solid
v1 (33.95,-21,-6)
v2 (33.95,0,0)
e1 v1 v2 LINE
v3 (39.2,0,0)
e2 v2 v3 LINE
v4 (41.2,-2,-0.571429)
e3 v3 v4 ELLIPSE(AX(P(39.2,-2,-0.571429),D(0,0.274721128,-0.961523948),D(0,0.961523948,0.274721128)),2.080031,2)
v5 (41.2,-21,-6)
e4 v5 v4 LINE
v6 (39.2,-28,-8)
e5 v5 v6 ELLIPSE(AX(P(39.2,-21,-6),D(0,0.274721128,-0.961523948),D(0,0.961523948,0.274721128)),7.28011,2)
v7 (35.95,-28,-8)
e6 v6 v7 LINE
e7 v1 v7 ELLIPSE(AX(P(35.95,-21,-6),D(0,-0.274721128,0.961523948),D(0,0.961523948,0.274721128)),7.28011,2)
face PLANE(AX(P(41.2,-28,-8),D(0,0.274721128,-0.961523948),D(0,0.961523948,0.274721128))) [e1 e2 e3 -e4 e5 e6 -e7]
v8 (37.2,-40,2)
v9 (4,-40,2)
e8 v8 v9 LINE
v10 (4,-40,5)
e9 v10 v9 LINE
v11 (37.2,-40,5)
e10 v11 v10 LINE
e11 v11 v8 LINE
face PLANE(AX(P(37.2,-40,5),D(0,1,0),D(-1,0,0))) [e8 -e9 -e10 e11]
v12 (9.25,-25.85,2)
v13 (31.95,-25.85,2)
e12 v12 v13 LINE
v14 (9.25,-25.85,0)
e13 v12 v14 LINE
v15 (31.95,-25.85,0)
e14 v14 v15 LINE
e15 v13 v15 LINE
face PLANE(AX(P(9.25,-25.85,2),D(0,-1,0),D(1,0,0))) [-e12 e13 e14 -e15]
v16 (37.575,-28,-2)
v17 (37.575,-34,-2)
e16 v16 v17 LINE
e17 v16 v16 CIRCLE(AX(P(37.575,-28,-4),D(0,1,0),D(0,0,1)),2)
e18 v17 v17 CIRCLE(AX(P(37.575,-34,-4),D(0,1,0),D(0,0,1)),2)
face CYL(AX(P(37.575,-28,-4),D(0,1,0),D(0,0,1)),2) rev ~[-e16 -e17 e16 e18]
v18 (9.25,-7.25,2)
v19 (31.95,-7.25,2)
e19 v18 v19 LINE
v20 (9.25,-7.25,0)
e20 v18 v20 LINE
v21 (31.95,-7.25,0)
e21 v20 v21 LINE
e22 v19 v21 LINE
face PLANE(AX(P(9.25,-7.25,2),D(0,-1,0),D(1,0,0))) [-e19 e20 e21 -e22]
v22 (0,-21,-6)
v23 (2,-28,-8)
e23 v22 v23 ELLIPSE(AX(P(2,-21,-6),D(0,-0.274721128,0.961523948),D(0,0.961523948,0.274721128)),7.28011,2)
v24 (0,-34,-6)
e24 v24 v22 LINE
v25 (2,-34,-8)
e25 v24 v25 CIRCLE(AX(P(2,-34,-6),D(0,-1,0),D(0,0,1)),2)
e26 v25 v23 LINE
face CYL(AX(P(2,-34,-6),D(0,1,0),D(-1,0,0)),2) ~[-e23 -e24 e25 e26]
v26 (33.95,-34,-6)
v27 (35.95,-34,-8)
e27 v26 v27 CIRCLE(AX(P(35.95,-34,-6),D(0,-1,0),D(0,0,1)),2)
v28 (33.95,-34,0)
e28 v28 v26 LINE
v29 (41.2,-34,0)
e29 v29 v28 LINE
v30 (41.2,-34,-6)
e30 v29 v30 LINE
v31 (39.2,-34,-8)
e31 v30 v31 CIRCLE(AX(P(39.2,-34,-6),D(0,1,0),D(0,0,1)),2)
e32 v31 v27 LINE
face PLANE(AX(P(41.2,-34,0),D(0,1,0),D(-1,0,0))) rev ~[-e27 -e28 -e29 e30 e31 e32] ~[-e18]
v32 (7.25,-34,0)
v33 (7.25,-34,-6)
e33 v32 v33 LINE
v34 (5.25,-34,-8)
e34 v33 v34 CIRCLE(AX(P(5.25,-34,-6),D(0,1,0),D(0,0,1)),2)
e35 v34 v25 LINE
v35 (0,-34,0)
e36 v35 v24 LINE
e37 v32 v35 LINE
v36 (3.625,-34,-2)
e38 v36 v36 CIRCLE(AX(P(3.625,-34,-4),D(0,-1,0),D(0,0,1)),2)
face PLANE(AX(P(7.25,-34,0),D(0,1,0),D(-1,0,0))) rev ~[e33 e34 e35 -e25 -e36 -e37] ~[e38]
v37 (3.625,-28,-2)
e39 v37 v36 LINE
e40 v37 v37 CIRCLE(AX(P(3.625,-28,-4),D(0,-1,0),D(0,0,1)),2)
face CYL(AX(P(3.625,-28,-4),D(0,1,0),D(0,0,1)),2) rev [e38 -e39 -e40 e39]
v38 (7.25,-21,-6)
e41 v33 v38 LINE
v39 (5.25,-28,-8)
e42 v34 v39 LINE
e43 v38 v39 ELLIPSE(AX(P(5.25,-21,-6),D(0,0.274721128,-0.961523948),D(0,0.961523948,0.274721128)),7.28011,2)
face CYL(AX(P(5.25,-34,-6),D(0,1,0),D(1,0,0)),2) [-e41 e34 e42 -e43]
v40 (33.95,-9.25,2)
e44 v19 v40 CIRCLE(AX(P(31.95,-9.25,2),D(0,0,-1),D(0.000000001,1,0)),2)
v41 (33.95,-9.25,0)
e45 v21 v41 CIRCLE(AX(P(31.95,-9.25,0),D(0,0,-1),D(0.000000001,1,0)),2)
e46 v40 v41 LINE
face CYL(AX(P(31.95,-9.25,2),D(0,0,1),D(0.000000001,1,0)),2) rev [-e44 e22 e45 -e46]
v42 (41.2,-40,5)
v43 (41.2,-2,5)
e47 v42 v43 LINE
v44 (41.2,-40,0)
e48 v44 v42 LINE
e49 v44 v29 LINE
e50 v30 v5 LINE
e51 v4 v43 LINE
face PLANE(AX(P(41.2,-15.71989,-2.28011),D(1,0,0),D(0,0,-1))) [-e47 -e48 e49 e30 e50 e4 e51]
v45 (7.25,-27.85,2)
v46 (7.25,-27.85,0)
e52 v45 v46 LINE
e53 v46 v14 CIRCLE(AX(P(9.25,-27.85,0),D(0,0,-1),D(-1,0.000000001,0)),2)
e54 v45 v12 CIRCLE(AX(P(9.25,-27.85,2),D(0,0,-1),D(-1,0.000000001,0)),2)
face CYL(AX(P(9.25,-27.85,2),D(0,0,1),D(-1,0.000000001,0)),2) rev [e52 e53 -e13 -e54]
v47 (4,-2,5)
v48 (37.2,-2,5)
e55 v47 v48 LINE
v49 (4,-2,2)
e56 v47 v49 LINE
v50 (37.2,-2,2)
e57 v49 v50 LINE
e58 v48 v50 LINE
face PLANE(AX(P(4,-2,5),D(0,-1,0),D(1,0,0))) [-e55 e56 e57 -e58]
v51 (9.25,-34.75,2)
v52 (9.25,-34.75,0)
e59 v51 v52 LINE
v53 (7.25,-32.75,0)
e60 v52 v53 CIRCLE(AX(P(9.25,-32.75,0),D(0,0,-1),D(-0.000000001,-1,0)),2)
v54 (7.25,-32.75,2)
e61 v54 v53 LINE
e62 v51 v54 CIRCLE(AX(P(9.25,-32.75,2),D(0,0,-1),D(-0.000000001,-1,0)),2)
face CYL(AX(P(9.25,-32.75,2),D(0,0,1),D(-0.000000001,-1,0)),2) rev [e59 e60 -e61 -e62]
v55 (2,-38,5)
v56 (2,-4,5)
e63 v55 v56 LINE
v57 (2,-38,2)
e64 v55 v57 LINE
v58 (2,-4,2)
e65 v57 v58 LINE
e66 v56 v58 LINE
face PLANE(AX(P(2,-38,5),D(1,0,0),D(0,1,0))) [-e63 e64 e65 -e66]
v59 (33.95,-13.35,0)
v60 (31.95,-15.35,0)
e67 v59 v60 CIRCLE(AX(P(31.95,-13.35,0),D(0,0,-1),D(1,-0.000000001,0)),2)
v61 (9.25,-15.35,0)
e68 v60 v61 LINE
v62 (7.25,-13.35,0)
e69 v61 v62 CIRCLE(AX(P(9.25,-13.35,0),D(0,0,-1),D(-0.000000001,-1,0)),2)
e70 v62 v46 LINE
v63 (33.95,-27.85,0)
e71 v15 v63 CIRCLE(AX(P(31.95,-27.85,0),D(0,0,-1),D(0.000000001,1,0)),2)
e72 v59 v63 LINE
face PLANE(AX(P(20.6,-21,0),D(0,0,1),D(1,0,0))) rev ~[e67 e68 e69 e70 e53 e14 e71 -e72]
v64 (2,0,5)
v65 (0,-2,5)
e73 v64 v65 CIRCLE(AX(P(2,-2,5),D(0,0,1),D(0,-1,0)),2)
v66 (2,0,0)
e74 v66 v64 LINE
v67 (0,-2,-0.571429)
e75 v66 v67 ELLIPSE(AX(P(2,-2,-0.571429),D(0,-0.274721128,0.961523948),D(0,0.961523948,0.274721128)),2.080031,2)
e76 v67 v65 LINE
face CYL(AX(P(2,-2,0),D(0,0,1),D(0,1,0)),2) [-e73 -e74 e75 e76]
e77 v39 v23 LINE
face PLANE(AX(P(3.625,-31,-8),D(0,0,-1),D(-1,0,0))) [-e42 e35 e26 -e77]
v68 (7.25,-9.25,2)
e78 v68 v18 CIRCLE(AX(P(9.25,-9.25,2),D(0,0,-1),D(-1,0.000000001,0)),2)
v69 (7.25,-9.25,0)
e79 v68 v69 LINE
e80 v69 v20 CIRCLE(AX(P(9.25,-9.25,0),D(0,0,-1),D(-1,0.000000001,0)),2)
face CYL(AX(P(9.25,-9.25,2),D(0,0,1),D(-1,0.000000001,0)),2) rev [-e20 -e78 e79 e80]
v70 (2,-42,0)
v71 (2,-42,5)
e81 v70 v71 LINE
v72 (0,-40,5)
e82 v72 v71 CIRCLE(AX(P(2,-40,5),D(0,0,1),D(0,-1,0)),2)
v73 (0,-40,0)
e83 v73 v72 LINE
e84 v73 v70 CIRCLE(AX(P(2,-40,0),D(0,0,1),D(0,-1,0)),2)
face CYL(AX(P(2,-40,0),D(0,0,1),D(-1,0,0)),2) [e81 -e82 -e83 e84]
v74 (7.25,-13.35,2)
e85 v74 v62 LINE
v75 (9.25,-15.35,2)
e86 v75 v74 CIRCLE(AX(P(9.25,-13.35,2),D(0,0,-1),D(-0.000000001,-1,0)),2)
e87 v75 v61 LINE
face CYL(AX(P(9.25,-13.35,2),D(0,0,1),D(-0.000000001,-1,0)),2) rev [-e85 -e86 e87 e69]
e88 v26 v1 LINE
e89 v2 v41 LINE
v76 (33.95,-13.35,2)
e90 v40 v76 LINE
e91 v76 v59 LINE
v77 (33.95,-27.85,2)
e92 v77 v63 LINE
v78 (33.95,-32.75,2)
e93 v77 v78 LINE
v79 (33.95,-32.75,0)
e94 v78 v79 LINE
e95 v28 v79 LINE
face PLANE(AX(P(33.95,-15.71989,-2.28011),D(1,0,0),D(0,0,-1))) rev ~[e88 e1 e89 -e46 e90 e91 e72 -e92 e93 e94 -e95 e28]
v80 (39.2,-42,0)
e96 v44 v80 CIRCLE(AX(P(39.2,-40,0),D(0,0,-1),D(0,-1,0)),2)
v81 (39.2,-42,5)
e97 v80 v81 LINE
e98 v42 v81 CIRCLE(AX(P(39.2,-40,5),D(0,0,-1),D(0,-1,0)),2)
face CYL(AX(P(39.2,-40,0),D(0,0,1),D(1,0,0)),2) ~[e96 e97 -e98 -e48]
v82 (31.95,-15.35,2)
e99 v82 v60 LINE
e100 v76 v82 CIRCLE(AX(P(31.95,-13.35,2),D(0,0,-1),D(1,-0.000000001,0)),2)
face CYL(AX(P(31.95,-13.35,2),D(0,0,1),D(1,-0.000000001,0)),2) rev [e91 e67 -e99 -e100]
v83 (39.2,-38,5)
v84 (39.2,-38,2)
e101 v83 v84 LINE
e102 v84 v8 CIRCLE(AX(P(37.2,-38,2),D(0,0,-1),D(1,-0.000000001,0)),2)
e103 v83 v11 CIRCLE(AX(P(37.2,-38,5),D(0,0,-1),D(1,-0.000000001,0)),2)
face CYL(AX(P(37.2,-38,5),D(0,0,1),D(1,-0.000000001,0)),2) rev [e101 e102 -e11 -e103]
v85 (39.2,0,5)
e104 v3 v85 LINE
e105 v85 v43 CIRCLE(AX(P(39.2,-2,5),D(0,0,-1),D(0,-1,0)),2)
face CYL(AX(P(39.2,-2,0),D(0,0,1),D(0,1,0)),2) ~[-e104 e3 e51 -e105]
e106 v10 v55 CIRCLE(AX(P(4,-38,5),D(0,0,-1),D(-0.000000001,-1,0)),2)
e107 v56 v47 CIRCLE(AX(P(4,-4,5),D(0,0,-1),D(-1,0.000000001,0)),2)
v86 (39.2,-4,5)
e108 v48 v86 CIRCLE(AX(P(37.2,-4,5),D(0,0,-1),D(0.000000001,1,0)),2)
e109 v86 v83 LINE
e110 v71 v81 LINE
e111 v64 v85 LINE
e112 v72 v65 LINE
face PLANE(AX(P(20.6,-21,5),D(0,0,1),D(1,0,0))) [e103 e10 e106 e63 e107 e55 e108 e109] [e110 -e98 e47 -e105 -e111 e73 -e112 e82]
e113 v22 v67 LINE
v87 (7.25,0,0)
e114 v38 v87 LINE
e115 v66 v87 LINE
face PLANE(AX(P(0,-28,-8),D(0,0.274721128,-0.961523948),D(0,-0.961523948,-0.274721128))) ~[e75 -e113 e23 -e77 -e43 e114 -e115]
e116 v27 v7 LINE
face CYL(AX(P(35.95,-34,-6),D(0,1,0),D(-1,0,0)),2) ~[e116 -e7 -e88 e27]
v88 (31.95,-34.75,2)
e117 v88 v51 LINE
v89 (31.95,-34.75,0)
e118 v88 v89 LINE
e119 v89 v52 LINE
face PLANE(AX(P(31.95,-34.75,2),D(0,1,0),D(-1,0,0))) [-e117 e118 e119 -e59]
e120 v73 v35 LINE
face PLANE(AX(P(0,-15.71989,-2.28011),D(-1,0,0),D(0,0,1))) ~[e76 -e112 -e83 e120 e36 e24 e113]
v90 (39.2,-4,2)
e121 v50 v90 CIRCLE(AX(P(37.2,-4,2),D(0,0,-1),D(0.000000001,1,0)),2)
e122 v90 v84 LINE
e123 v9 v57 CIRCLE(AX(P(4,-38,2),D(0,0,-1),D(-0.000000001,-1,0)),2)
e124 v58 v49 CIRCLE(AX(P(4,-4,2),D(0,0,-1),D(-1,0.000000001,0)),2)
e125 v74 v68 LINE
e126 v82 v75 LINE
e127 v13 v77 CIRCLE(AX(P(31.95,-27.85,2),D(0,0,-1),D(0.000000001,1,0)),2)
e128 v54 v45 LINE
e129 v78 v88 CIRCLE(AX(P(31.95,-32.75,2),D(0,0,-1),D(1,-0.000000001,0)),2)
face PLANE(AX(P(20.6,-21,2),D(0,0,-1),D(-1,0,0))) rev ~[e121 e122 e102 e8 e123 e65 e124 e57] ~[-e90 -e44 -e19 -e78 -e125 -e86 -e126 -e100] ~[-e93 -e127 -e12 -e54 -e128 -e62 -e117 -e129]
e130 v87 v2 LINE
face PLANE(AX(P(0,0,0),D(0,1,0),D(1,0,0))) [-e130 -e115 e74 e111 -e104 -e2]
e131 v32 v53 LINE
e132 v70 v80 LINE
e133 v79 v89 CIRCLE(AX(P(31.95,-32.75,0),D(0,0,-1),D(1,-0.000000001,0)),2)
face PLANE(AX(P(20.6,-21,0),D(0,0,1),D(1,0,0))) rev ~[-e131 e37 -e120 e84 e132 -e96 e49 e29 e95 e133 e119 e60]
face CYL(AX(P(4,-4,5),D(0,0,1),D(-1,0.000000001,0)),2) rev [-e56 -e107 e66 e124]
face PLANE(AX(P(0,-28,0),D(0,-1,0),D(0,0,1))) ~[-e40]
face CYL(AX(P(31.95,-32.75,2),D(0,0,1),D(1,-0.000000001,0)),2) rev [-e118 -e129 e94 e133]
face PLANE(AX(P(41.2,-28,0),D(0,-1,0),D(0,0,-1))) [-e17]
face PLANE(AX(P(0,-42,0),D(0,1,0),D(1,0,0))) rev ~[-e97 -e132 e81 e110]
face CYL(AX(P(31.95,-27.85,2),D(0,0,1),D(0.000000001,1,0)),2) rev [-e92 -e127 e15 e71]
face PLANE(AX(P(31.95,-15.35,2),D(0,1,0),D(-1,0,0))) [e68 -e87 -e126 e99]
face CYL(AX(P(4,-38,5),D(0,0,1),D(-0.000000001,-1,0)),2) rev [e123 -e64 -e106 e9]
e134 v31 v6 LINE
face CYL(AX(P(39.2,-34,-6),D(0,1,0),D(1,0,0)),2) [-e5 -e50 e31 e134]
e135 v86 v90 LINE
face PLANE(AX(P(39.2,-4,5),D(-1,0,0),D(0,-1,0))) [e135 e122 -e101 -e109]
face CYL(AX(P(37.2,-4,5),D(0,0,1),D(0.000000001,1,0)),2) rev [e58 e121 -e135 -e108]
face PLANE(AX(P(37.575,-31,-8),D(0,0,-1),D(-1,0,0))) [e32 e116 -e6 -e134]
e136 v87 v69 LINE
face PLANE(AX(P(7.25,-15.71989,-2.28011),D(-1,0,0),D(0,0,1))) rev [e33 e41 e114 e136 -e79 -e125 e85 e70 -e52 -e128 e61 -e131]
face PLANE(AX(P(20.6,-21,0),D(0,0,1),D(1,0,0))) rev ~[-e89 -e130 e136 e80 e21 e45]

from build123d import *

# Parameters (mm, degrees)
SKETCH1_W           = 41.2
SKETCH1_H           = 42
BOSS_EXTRUDE1_DEPTH = 5
CUT_EXTRUDE1_DEPTH  = 3
CUT_EXTRUDE2_DEPTH  = 2
SKETCH8_W           = 7.25
SKETCH8_H           = 6
BOSS_EXTRUDE4_DEPTH = 8
SKETCH9_W           = 7.25
SKETCH9_H           = 6
BOSS_EXTRUDE5_DEPTH = 8
SKETCH12_R          = 2
CUT_EXTRUDE4_DEPTH  = 6
BOSS_EXTRUDE6_DEPTH = 7.25
FILLET1_R           = 2
FILLET2_R           = 2


with BuildPart() as part:
    # Sketch1 → Boss-Extrude1 (new body)
    with BuildSketch(Plane.XY):
        with Locations((20.6, -21)):
            Rectangle(SKETCH1_W, SKETCH1_H)
    extrude(amount=BOSS_EXTRUDE1_DEPTH)

    # Sketch2 → Cut-Extrude1 (cut)
    with BuildSketch(Plane.XY.offset(5)):
        with BuildLine():
            Line((4, -2), (37.2, -2))
            ThreePointArc((37.2, -2), (38.614213562, -2.585786438), (39.2, -4))
            Line((39.2, -4), (39.2, -38))
            ThreePointArc((39.2, -38), (38.614213562, -39.414213562), (37.2, -40))
            Line((37.2, -40), (4, -40))
            ThreePointArc((4, -40), (2.585786438, -39.414213562), (2, -38))
            Line((2, -38), (2, -4))
            ThreePointArc((2, -4), (2.585786438, -2.585786438), (4, -2))
        make_face()
    extrude(amount=-CUT_EXTRUDE1_DEPTH, mode=Mode.SUBTRACT)

    # Sketch3 → Cut-Extrude2 (cut)
    with BuildSketch(Plane.XY.offset(2)):
        with BuildLine():
            Line((9.25, -7.25), (31.95, -7.25))
            ThreePointArc((31.95, -7.25), (33.364213562, -7.835786438), (33.95, -9.25))
            Line((33.95, -9.25), (33.95, -13.35))
            ThreePointArc((33.95, -13.35), (33.364213562, -14.764213562), (31.95, -15.35))
            Line((31.95, -15.35), (9.25, -15.35))
            ThreePointArc((9.25, -15.35), (7.835786438, -14.764213562), (7.25, -13.35))
            Line((7.25, -13.35), (7.25, -9.25))
            ThreePointArc((7.25, -9.25), (7.835786438, -7.835786438), (9.25, -7.25))
        make_face()
        with BuildLine():
            Line((9.25, -25.85), (31.95, -25.85))
            ThreePointArc((31.95, -25.85), (33.364213562, -26.435786438), (33.95, -27.85))
            Line((33.95, -27.85), (33.95, -32.75))
            ThreePointArc((33.95, -32.75), (33.364213562, -34.164213562), (31.95, -34.75))
            Line((31.95, -34.75), (9.25, -34.75))
            ThreePointArc((9.25, -34.75), (7.835786438, -34.164213562), (7.25, -32.75))
            Line((7.25, -32.75), (7.25, -27.85))
            ThreePointArc((7.25, -27.85), (7.835786438, -26.435786438), (9.25, -25.85))
        make_face()
    extrude(amount=-CUT_EXTRUDE2_DEPTH, mode=Mode.SUBTRACT)

    # Sketch8 → Boss-Extrude4 (add)
    with BuildSketch(Plane(origin=(0, 0, 0), x_dir=(-1, 0, 0), z_dir=(0, 0, -1))):
        with Locations((-37.575, -31)):
            Rectangle(SKETCH8_W, SKETCH8_H)
    extrude(amount=BOSS_EXTRUDE4_DEPTH)

    # Sketch9 → Boss-Extrude5 (add)
    with BuildSketch(Plane(origin=(0, 0, 0), x_dir=(-1, 0, 0), z_dir=(0, 0, -1))):
        with Locations((-3.625, -31)):
            Rectangle(SKETCH9_W, SKETCH9_H)
    extrude(amount=BOSS_EXTRUDE5_DEPTH)

    # Sketch12 → Cut-Extrude4 (cut)
    with BuildSketch(Plane(origin=(0, -28, 0), x_dir=(1, 0, 0), z_dir=(0, 1, 0))):
        with Locations(Location((37.575, 4, 0), (0, 0, 270))):
            Circle(SKETCH12_R)
    cut_extrude4 = extrude(amount=-CUT_EXTRUDE4_DEPTH, mode=Mode.SUBTRACT)

    # Sketch13 → Boss-Extrude6 (add)
    with BuildSketch(Plane(origin=(41.2, 0, 0), x_dir=(0, 0, -1), z_dir=(1, 0, 0))):
        Polygon((8, -28), (0, 0), (0, -28), align=None)
    boss_extrude6 = extrude(amount=-BOSS_EXTRUDE6_DEPTH)

    # Mirror2: Cut-Extrude4, Boss-Extrude6 across plane
    add(cut_extrude4.mirror(Plane(origin=(20.6, 0, 0), x_dir=(0, 0, 1), z_dir=(1, 0, 0))), mode=Mode.SUBTRACT)
    add(boss_extrude6.mirror(Plane(origin=(20.6, 0, 0), x_dir=(0, 0, 1), z_dir=(1, 0, 0))))

    # Fillet1
    fillet1_edges = [part.edges().sort_by_distance(p)[0] for p in [
        (0, 0, 2.5),
        (41.2, 0, 2.5),
        (41.2, -42, 2.5),
        (0, -42, 2.5),
    ]]
    fillet(fillet1_edges, radius=FILLET1_R)

    # Fillet2
    fillet2_edges = [part.edges().sort_by_distance(p)[0] for p in [
        (0, -31, -8),
        (7.25, -31, -8),
        (41.2, -31, -8),
        (33.95, -31, -8),
    ]]
    fillet(fillet2_edges, radius=FILLET2_R)


solid = part.part
